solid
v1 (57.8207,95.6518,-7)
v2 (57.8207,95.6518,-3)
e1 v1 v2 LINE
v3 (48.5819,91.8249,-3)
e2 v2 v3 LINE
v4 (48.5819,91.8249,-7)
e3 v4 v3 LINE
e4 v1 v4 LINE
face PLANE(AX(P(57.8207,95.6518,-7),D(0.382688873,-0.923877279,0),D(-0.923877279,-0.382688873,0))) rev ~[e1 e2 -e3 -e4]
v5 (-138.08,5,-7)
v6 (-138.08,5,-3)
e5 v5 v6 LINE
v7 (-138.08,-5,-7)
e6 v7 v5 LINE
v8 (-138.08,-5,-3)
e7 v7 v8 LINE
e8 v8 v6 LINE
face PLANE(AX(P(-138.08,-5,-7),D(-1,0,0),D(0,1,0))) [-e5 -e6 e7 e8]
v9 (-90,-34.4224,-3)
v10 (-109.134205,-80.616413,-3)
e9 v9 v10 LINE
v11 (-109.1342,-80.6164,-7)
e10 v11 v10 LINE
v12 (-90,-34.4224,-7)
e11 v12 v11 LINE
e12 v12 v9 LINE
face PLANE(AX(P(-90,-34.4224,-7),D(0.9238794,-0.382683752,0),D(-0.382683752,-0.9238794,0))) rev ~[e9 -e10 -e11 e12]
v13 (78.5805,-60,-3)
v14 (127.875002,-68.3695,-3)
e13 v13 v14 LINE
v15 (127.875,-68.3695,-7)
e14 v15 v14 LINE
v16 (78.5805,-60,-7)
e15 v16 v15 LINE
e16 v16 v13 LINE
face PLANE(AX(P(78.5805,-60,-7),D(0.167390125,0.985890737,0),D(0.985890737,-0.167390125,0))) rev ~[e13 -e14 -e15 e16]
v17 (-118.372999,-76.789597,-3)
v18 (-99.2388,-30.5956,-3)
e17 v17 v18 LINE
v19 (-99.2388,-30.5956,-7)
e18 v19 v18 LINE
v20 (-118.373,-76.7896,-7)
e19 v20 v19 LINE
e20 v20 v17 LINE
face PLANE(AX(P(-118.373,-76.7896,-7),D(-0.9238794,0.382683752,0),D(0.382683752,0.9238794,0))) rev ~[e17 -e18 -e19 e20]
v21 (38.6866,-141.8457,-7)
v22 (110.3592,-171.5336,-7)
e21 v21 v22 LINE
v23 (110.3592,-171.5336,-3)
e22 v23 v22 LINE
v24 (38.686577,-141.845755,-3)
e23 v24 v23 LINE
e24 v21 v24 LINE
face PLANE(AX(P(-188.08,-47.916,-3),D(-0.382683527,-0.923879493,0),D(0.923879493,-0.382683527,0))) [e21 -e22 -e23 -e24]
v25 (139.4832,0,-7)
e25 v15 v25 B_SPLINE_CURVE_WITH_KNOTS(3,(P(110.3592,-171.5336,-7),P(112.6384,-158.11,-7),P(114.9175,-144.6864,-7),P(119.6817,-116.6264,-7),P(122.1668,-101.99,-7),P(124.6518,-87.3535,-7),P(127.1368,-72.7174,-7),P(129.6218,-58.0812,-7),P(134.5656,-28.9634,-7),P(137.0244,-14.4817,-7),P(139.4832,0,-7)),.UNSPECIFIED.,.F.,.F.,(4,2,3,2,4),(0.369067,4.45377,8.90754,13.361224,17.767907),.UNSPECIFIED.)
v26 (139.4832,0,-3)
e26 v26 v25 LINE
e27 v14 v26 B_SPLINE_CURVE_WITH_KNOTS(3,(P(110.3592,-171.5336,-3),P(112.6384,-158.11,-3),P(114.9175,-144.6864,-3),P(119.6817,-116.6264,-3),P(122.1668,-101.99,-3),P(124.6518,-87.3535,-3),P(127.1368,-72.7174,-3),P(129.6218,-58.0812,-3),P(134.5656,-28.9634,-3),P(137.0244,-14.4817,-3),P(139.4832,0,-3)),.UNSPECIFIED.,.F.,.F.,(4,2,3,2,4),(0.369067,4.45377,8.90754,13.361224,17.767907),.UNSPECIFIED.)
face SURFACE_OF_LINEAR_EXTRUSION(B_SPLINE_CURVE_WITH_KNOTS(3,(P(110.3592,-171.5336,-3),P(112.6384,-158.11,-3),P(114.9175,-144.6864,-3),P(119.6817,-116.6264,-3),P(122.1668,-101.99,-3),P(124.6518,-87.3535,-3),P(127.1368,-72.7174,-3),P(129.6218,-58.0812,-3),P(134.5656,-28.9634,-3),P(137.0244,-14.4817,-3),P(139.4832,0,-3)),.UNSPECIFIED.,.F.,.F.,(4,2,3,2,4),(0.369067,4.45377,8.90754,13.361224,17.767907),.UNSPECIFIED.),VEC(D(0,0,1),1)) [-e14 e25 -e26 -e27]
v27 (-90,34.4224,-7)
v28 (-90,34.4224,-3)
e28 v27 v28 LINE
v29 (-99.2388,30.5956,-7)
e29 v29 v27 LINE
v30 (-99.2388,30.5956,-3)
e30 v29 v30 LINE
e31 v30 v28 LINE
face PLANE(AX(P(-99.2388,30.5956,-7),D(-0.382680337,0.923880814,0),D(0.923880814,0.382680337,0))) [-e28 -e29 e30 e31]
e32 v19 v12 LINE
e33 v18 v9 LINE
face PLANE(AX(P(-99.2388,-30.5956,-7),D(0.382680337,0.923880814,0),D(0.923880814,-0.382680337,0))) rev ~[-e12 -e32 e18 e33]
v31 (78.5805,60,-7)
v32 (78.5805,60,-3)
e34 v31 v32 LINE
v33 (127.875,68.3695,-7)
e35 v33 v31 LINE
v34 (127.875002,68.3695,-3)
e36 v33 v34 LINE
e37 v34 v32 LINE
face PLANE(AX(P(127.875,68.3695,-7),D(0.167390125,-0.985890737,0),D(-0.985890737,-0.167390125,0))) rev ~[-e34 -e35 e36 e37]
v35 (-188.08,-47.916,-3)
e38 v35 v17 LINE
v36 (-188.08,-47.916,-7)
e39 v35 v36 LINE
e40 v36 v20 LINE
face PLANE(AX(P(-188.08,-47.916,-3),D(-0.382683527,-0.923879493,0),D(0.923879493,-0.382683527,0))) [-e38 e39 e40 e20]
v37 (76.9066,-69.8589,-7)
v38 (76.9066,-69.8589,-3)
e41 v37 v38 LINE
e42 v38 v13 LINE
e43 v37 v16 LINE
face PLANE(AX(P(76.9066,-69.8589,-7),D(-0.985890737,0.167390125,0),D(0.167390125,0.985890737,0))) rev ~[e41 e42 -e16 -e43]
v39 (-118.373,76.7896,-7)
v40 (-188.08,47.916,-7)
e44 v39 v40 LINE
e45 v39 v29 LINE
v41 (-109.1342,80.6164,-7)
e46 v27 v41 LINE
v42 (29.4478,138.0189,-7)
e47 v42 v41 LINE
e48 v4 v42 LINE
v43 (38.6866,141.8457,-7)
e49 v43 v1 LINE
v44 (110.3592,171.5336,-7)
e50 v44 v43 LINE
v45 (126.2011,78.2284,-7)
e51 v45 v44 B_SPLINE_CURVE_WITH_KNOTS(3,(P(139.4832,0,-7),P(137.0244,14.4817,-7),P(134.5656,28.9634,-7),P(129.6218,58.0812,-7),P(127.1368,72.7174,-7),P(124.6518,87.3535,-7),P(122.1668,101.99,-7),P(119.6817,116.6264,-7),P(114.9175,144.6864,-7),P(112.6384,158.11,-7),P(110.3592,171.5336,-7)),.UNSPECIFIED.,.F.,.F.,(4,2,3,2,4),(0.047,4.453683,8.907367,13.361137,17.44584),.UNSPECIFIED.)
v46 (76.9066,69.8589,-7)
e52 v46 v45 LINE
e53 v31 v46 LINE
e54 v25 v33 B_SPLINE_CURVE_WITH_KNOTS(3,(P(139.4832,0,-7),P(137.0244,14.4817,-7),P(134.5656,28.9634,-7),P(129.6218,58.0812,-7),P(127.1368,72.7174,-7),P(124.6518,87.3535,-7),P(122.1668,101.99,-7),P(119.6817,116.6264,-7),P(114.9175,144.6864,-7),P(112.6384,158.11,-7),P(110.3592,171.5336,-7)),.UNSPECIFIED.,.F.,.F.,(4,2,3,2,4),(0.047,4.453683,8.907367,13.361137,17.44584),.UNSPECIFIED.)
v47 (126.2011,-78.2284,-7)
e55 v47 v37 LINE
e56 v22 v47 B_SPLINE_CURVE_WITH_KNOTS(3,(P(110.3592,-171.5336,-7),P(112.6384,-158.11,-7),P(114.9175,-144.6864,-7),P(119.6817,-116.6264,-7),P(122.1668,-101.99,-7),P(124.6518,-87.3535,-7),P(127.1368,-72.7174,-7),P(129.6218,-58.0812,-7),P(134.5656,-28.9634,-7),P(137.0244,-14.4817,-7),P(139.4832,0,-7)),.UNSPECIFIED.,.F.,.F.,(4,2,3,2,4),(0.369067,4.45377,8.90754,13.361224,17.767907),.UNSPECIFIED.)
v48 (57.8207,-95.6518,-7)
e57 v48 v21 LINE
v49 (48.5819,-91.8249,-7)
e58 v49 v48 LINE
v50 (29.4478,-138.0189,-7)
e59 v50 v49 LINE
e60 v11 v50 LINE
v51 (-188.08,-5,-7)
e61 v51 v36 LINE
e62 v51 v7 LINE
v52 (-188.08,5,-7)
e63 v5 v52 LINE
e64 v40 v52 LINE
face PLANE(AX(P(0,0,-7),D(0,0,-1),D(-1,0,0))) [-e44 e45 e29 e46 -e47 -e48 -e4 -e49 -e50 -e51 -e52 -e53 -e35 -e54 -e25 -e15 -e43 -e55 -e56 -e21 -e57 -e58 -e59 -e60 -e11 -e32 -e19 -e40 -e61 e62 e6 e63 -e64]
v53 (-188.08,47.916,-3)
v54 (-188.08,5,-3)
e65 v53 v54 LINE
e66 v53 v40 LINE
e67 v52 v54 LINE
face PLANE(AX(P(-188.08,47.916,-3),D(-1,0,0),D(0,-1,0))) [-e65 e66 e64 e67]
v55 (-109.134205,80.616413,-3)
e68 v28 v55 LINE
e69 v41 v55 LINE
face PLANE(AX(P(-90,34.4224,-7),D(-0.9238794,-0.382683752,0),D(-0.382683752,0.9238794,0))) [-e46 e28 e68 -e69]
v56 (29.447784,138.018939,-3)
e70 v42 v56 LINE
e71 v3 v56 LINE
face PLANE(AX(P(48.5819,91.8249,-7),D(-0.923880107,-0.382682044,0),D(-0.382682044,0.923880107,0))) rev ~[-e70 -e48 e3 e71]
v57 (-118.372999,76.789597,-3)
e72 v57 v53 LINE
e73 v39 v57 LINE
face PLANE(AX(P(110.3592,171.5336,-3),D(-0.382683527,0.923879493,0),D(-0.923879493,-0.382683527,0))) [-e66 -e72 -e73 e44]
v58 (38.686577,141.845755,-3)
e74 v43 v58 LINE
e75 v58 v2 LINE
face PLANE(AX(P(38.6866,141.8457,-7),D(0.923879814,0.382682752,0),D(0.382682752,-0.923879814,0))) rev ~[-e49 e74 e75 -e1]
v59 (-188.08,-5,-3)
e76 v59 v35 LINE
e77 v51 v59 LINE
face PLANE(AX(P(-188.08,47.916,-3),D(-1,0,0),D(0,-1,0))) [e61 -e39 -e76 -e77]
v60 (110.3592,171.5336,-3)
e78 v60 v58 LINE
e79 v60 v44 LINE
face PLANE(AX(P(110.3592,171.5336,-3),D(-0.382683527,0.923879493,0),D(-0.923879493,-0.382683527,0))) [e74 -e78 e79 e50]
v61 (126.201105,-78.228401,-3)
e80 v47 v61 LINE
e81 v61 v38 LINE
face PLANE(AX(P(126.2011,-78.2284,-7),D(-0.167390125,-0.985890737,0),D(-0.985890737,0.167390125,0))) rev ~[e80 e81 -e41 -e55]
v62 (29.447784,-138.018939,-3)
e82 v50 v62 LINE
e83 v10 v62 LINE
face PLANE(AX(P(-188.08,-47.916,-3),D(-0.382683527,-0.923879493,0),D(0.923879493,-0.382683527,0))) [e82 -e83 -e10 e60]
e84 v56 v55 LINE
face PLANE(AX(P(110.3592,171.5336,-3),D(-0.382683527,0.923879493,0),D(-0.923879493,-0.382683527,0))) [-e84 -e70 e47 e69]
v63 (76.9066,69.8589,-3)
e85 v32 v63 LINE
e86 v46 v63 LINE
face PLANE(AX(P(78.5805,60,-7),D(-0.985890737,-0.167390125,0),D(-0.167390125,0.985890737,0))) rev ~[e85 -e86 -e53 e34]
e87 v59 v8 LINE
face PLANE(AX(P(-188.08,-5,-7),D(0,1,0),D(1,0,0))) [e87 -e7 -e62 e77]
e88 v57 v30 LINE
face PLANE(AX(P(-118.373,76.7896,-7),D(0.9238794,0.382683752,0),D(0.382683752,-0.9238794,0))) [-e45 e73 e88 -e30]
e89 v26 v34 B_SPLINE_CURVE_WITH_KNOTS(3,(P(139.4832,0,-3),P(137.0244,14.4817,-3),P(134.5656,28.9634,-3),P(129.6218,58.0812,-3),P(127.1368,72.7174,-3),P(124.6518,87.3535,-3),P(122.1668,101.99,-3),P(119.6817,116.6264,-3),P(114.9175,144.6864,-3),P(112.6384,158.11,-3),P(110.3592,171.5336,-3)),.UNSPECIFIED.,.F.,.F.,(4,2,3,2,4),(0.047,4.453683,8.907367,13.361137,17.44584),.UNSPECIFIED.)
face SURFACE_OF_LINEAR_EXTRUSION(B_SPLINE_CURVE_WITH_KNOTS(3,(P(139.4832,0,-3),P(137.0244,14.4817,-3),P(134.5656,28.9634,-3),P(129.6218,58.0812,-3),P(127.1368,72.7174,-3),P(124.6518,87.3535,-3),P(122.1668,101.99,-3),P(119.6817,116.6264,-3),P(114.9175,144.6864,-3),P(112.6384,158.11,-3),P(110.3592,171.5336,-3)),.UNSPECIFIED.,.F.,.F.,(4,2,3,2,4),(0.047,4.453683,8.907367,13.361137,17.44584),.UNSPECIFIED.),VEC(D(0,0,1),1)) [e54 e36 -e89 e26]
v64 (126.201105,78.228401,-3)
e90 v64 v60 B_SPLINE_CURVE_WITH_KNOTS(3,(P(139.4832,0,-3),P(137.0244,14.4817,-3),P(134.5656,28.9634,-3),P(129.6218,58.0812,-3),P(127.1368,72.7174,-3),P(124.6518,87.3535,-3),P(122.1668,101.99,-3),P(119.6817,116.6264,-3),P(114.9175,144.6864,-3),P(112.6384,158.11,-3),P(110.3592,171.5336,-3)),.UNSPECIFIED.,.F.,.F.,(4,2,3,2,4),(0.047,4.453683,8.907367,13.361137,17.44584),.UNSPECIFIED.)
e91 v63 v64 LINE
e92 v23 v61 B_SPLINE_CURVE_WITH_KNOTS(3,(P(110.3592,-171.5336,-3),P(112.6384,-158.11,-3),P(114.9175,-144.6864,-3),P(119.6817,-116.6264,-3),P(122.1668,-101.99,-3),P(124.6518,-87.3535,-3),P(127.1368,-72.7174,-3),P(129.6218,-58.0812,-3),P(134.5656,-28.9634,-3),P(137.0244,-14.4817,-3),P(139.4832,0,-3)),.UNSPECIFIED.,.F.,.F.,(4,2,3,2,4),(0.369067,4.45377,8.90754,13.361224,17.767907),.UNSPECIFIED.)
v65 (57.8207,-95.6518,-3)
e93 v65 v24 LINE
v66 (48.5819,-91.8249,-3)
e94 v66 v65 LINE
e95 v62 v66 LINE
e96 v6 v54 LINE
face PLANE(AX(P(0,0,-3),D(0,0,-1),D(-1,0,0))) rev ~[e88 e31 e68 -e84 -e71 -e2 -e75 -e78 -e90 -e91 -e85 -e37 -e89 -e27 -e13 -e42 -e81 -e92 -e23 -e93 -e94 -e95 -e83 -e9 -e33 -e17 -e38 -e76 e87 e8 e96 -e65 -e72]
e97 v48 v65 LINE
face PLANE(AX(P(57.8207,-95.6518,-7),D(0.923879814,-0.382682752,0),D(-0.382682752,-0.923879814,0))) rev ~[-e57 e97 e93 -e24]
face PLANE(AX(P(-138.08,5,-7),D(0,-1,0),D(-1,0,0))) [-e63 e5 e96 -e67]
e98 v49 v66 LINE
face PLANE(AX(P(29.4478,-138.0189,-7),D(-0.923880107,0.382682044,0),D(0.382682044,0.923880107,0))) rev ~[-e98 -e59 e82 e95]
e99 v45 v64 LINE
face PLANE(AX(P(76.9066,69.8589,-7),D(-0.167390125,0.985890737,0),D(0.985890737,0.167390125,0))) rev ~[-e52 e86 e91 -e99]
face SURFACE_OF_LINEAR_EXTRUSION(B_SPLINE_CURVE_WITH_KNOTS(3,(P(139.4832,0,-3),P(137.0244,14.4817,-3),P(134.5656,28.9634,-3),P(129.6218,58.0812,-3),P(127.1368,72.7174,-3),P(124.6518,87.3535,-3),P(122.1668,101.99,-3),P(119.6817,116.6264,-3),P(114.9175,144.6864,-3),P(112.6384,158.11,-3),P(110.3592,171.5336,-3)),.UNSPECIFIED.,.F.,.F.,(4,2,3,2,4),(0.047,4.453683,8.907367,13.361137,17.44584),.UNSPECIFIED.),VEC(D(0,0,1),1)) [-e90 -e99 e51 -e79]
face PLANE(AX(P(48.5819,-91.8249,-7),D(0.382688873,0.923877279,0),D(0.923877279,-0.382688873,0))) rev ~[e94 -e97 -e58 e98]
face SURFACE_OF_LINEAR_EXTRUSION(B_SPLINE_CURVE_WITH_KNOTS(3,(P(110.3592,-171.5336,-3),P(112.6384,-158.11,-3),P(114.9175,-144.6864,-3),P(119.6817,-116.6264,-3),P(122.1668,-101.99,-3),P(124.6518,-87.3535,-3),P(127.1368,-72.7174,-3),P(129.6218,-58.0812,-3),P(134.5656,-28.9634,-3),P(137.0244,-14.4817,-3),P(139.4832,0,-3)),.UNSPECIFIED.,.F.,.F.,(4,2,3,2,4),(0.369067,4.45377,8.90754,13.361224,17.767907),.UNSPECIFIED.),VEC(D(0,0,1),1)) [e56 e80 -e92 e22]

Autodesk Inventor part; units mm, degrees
ref_plane "YZ Plane" through (0, 0, 0) normal (1, 0, 0) x (0, 1, 0)
ref_plane "XZ Plane" through (0, 0, 0) normal (0, 1, 0) x (-1, 0, 0)
ref_plane "Work Plane1" through (0, 0, -3) normal (0, 0, -1) x (-1, 0, 0)
sketch "Sketch1" plane through (0, 0, -3) normal (0, 0, -1) x (-1, 0, 0)
  line L0 (188.08, 47.916) -> (188.08, -47.916) projected
  line L1 (-110.3592, 171.5336) -> (188.08, 47.916) projected
  spline S0 degree 3 poles (-139.4832, 0) (-137.0244, 14.4817) (-134.5656, 28.9634) (-129.6218, 58.0812) (-127.1368, 72.7174) (-124.6518, 87.3535) (-122.1668, 101.99) (-119.6817, 116.6264) (-114.9175, 144.6864) (-112.6384, 158.11) (-110.3592, 171.5336) knots 0.047 0.047 0.047 0.047 4.453683 4.453683 8.907367 8.907367 8.907367 13.361137 13.361137 17.44584 17.44584 17.44584 17.44584 projected
  spline S1 degree 3 poles (-110.3592, -171.5336) (-112.6384, -158.11) (-114.9175, -144.6864) (-119.6817, -116.6264) (-122.1668, -101.99) (-124.6518, -87.3535) (-127.1368, -72.7174) (-129.6218, -58.0812) (-134.5656, -28.9634) (-137.0244, -14.4817) (-139.4832, 0) knots 0.369067 0.369067 0.369067 0.369067 4.45377 4.45377 8.90754 8.90754 8.90754 13.361224 13.361224 17.767907 17.767907 17.767907 17.767907 projected
  line L2 (188.08, -47.916) -> (-110.3592, -171.5336) projected
  point P0 (0, 0)
extrude "Extrusion1" add sketch "Sketch1" along normal blind 4
sketch "Sketch2" plane through (0, 0, -7) normal (0, 0, -1) x (-1, 0, 0)
  line L0 (188.08, -47.916) -> (188.08, 47.916) construction
  line L1 (188.08, 47.916) -> (-110.3592, 171.5336) construction
  line L2 (-110.3592, -171.5336) -> (188.08, -47.916) construction
  line L3 (138.08, 5) -> (188.08, 5)
  line L4 (188.08, 5) -> (188.08, -5)
  line L5 (188.08, -5) -> (138.08, -5)
  line L6 (138.08, -5) -> (138.08, 5)
  line L7 (99.2388, -30.5956) -> (90, -34.4224)
  line L8 (90, -34.4224) -> (109.1342, -80.6164)
  line L9 (109.1342, -80.6164) -> (118.373, -76.7896)
  line L10 (118.373, -76.7896) -> (99.2388, -30.5956)
  line L11 (-48.5819, -91.8249) -> (-57.8207, -95.6518)
  line L12 (-57.8207, -95.6518) -> (-38.6866, -141.8457)
  line L13 (-38.6866, -141.8457) -> (-29.4478, -138.0189)
  line L14 (-29.4478, -138.0189) -> (-48.5819, -91.8249)
  line L15 (-78.5805, -60) -> (-127.875, -68.3695)
  line L16 (-127.875, -68.3695) -> (-126.2011, -78.2284)
  line L17 (-126.2011, -78.2284) -> (-76.9066, -69.8589)
  line L18 (-76.9066, -69.8589) -> (-78.5805, -60)
  line L19 (-76.9066, 69.8589) -> (-126.2011, 78.2284)
  line L20 (-126.2011, 78.2284) -> (-127.875, 68.3695)
  line L21 (-127.875, 68.3695) -> (-78.5805, 60)
  line L22 (-78.5805, 60) -> (-76.9066, 69.8589)
  line L23 (109.1342, 80.6164) -> (118.373, 76.7896)
  line L24 (118.373, 76.7896) -> (99.2388, 30.5956)
  line L25 (99.2388, 30.5956) -> (90, 34.4224)
  line L26 (90, 34.4224) -> (109.1342, 80.6164)
  line L27 (188.08, -47.916) -> (188.08, 47.916) projected
  line L28 (-110.3592, -171.5336) -> (188.08, -47.916) projected
  line L29 (188.08, 47.916) -> (-110.3592, 171.5336) projected
  line L30 (-29.4478, 138.0189) -> (-38.6866, 141.8457)
  line L31 (-38.6866, 141.8457) -> (-57.8207, 95.6518)
  line L32 (-57.8207, 95.6518) -> (-48.5819, 91.8249)
  line L33 (-48.5819, 91.8249) -> (-29.4478, 138.0189)
  point P0 (0, 0)
  point P1 (-139.4832, 0)
  point P2 (188.08, 0)
  dimension "d2" = 10
  dimension "d3" = 10
  dimension "d5" = 10
  dimension "d6" = 10
  dimension "d7" = 10
  dimension "d8" = 10
  dimension "d10" = 50
  dimension "d11" = 50
  dimension "d12" = 50
  dimension "d13" = 50
  dimension "d14" = 50
  dimension "d15" = 50
  dimension "d18" = 150
  dimension "d19" = 60
  dimension "d20" = 60
  dimension "d21" = 90
  dimension "d22" = 90
  dimension "d23" = 10
  dimension "d24" = 50
  dimension "d25" = 150
extrude "Extrusion2" cut sketch "Sketch2" against normal through all
properties part number "internalSupportBottom2" material "Wood (Cherry)"
